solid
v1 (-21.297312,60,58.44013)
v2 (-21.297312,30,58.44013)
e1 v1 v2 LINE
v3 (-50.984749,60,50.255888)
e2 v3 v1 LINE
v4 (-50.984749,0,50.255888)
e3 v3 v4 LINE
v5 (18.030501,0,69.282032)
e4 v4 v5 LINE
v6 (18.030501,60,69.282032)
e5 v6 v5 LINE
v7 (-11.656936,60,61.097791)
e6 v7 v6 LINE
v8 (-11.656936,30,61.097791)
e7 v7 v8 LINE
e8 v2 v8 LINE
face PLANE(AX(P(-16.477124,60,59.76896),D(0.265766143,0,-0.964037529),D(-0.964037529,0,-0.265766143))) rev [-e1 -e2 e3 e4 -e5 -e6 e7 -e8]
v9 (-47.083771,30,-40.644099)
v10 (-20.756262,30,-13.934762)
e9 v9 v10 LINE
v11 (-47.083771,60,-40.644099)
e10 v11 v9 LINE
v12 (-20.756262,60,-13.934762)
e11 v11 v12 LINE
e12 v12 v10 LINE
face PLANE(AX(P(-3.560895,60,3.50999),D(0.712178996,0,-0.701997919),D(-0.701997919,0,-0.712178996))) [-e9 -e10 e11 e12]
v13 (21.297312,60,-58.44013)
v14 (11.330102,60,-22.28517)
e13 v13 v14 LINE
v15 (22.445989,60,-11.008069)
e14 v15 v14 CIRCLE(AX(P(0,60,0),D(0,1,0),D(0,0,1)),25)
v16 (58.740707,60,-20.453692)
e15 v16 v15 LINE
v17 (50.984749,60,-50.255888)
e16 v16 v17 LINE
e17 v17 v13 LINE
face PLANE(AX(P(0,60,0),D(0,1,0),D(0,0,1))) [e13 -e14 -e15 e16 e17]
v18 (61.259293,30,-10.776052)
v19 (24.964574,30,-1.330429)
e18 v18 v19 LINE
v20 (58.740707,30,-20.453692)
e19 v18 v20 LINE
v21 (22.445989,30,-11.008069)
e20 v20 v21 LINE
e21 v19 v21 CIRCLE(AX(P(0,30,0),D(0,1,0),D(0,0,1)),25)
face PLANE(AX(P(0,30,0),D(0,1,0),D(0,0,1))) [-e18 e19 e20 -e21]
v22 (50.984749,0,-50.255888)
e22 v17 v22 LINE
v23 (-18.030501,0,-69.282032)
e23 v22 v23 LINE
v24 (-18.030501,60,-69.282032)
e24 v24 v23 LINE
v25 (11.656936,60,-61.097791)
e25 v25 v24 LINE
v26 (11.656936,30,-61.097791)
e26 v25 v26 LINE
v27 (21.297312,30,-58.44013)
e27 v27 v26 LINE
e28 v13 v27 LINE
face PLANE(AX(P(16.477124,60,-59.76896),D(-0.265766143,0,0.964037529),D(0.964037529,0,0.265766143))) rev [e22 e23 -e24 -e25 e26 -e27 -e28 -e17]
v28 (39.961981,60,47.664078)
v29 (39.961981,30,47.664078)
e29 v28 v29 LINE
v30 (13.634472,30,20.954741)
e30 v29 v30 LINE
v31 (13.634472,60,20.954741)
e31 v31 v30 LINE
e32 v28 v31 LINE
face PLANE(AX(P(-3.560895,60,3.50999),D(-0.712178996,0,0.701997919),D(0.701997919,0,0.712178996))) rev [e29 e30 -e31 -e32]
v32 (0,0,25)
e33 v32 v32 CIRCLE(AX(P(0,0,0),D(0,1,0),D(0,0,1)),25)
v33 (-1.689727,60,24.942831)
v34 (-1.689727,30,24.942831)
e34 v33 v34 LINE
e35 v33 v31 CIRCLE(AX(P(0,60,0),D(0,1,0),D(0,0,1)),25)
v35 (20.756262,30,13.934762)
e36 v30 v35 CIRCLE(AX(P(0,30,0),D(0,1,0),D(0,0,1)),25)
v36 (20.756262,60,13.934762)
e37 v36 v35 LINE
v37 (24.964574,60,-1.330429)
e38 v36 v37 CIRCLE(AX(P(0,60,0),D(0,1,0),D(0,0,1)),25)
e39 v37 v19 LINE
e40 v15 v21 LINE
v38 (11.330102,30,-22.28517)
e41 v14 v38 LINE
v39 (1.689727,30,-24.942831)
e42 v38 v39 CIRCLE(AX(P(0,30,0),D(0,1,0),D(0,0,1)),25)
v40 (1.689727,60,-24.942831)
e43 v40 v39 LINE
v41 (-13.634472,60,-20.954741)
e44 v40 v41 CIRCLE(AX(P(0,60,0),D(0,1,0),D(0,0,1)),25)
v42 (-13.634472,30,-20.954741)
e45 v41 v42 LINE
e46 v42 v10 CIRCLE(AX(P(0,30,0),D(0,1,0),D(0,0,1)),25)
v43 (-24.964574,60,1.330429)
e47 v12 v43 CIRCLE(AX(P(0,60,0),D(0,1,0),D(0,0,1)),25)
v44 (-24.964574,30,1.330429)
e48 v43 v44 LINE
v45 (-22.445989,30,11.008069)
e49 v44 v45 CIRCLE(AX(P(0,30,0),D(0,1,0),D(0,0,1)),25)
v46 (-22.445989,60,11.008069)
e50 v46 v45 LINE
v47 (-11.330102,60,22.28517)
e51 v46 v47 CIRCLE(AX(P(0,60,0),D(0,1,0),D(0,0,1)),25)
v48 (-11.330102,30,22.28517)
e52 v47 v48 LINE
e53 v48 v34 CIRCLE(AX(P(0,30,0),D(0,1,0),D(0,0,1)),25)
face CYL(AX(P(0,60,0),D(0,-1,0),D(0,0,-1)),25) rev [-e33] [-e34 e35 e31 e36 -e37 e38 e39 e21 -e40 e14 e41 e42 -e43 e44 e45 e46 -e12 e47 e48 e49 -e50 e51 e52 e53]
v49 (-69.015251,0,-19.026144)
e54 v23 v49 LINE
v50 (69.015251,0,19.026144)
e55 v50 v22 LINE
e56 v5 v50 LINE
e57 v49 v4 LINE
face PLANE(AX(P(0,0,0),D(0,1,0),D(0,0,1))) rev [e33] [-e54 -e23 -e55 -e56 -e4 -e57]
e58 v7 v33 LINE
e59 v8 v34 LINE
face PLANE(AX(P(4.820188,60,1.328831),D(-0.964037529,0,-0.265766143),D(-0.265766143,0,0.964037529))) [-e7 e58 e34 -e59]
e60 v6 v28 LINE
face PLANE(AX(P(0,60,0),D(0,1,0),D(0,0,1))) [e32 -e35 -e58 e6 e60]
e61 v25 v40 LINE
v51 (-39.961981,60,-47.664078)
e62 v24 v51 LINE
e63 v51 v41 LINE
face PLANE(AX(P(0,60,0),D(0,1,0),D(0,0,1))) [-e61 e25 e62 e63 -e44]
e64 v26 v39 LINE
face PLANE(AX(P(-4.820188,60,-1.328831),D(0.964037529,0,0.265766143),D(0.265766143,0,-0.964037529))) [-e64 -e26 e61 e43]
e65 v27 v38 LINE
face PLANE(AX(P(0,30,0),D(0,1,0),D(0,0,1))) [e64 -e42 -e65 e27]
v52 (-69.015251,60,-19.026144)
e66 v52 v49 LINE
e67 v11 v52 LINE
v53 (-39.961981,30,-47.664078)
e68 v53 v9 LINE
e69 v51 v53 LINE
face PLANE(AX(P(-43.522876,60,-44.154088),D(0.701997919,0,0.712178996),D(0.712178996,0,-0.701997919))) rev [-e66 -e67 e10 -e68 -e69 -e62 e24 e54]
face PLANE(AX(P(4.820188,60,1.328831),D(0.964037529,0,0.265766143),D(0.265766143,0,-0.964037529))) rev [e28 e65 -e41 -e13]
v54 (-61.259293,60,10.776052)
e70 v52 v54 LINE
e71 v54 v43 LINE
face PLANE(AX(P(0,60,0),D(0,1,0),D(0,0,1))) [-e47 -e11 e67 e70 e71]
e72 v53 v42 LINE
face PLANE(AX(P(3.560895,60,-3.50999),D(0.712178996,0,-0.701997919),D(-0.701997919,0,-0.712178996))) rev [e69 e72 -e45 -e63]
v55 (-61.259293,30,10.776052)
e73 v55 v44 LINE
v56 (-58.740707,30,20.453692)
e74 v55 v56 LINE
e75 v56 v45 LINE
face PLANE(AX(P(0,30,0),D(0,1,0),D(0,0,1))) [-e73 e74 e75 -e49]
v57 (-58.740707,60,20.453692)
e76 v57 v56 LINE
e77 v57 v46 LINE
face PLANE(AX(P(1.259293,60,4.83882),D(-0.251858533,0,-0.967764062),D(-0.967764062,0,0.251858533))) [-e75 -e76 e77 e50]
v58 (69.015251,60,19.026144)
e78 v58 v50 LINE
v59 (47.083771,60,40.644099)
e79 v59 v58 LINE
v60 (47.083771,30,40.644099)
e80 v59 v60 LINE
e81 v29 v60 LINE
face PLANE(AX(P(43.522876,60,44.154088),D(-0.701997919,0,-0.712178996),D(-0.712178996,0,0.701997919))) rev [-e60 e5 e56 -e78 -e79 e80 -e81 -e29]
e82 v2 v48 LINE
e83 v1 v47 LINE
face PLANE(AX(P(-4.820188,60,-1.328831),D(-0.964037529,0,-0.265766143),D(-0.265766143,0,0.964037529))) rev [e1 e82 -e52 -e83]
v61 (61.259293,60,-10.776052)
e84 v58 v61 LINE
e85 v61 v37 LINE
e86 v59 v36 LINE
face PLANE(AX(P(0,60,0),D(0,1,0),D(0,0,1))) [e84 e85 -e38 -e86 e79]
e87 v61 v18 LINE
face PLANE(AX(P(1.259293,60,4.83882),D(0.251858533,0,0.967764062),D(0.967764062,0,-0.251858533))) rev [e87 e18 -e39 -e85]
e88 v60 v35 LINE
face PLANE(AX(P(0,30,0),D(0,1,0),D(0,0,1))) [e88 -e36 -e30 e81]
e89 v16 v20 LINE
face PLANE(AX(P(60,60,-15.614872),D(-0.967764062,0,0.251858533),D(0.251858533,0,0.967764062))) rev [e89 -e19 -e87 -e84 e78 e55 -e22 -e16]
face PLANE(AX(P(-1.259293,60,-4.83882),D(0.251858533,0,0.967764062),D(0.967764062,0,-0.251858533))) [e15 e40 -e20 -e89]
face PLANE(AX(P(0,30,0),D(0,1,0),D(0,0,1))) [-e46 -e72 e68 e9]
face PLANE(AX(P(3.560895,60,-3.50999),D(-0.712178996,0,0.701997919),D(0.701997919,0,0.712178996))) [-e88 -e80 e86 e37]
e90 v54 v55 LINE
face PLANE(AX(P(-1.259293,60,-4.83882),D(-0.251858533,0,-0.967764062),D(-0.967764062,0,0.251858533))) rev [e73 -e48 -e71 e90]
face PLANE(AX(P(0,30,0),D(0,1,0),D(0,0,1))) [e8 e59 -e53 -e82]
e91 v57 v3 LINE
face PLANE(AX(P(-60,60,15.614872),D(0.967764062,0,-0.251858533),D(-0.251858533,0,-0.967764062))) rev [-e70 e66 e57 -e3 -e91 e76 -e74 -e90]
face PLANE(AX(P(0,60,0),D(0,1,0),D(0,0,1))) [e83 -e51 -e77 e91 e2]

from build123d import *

# Parameters (mm, degrees)
BOSS_EXTRUDE1_DEPTH   = 60
BOSS_EXTRUDE1_2_DEPTH = 60
BOSS_EXTRUDE1_3_DEPTH = 60
BOSS_EXTRUDE1_4_DEPTH = 60
BOSS_EXTRUDE1_5_DEPTH = 60
BOSS_EXTRUDE1_6_DEPTH = 60
BOSS_EXTRUDE2_DEPTH   = 30


with BuildPart() as part:
    # Sketch2 → Boss-Extrude1 (new body)
    with BuildSketch(Plane(origin=(0, 0, 0), x_dir=(1, 0, 0), z_dir=(0, 1, 0))):
        with BuildLine():
            Line((22.445988761, 11.008069246), (58.740707334, 20.453692353))
            Line((58.740707334, 20.453692353), (50.984749422, 50.255888195))
            Line((50.984749422, 50.255888195), (21.297311778, 58.440129534))
            Line((21.297311778, 58.440129534), (11.330102056, 22.285169674))
            ThreePointArc((11.330102056, 22.285169674), (17.804474894, 17.54994797), (22.445988761, 11.008069246))
        make_face()
    extrude(amount=BOSS_EXTRUDE1_DEPTH)



with BuildPart() as body_2:
    # Sketch2 → Boss-Extrude1 2 (new body)
    with BuildSketch(Plane(origin=(0, 0, 0), x_dir=(1, 0, 0), z_dir=(0, 1, 0))):
        with BuildLine():
            Line((69.015250578, -19.026144108), (61.259292666, 10.776051735))
            Line((61.259292666, 10.776051735), (24.964574093, 1.330428629))
            ThreePointArc((24.964574093, 1.330428629), (24.100938224, -6.644153574), (20.756261995, -13.934761857))
            Line((20.756261995, -13.934761857), (47.083770846, -40.644098611))
            Line((47.083770846, -40.644098611), (69.015250578, -19.026144108))
        make_face()
    extrude(amount=BOSS_EXTRUDE1_2_DEPTH)


with BuildPart() as body_3:
    # Sketch2 → Boss-Extrude1 3 (new body)
    with BuildSketch(Plane(origin=(0, 0, 0), x_dir=(1, 0, 0), z_dir=(0, 1, 0))):
        with BuildLine():
            ThreePointArc((-13.634472037, 20.954741045), (-6.29646333, 24.194101544), (1.689726767, 24.942831103))
            Line((1.689726767, 24.942831103), (11.656936488, 61.097790964))
            Line((11.656936488, 61.097790964), (-18.030501156, 69.282032303))
            Line((-18.030501156, 69.282032303), (-39.961980888, 47.664077799))
            Line((-39.961980888, 47.664077799), (-13.634472037, 20.954741045))
        make_face()
    extrude(amount=BOSS_EXTRUDE1_3_DEPTH)


with BuildPart() as body_4:
    # Sketch2 → Boss-Extrude1 4 (new body)
    with BuildSketch(Plane(origin=(0, 0, 0), x_dir=(1, 0, 0), z_dir=(0, 1, 0))):
        with BuildLine():
            Line((18.030501156, -69.282032303), (39.961980888, -47.664077799))
            Line((39.961980888, -47.664077799), (13.634472037, -20.954741045))
            ThreePointArc((13.634472037, -20.954741045), (6.29646333, -24.194101544), (-1.689726767, -24.942831103))
            Line((-1.689726767, -24.942831103), (-11.656936488, -61.097790964))
            Line((-11.656936488, -61.097790964), (18.030501156, -69.282032303))
        make_face()
    extrude(amount=BOSS_EXTRUDE1_4_DEPTH)


with BuildPart() as body_5:
    # Sketch2 → Boss-Extrude1 5 (new body)
    with BuildSketch(Plane(origin=(0, 0, 0), x_dir=(1, 0, 0), z_dir=(0, 1, 0))):
        with BuildLine():
            ThreePointArc((-24.964574093, -1.330428629), (-24.100938224, 6.644153574), (-20.756261995, 13.934761857))
            Line((-20.756261995, 13.934761857), (-47.083770846, 40.644098611))
            Line((-47.083770846, 40.644098611), (-69.015250578, 19.026144108))
            Line((-69.015250578, 19.026144108), (-61.259292666, -10.776051735))
            Line((-61.259292666, -10.776051735), (-24.964574093, -1.330428629))
        make_face()
    extrude(amount=BOSS_EXTRUDE1_5_DEPTH)


with BuildPart() as body_6:
    # Sketch2 → Boss-Extrude1 6 (new body)
    with BuildSketch(Plane(origin=(0, 0, 0), x_dir=(1, 0, 0), z_dir=(0, 1, 0))):
        with BuildLine():
            Line((-21.297311778, -58.440129534), (-11.330102056, -22.285169674))
            ThreePointArc((-11.330102056, -22.285169674), (-17.804474894, -17.54994797), (-22.445988761, -11.008069246))
            Line((-22.445988761, -11.008069246), (-58.740707334, -20.453692353))
            Line((-58.740707334, -20.453692353), (-50.984749422, -50.255888195))
            Line((-50.984749422, -50.255888195), (-21.297311778, -58.440129534))
        make_face()
    extrude(amount=BOSS_EXTRUDE1_6_DEPTH)


with BuildPart() as part_1:
    add(part.part)

    add(body_2.part)  # Boss-Extrude2 merges body 2

    add(body_3.part)  # Boss-Extrude2 merges body 3

    add(body_4.part)  # Boss-Extrude2 merges body 4

    add(body_5.part)  # Boss-Extrude2 merges body 5

    add(body_6.part)  # Boss-Extrude2 merges body 6
    # Sketch2<3> → Boss-Extrude2 (add)
    with BuildSketch(Plane(origin=(0, 0, 0), x_dir=(1, 0, 0), z_dir=(0, 1, 0))):
        with BuildLine():
            Line((61.259292666, 10.776051735), (58.740707334, 20.453692353))
            Line((58.740707334, 20.453692353), (22.445988761, 11.008069246))
            ThreePointArc((22.445988761, 11.008069246), (24.194101544, 6.29646333), (24.964574093, 1.330428629))
            Line((24.964574093, 1.330428629), (61.259292666, 10.776051735))
        make_face()
        with BuildLine():
            ThreePointArc((1.689726767, 24.942831103), (6.644153574, 24.100938224), (11.330102056, 22.285169674))
            Line((11.330102056, 22.285169674), (21.297311778, 58.440129534))
            Line((21.297311778, 58.440129534), (11.656936488, 61.097790964))
            Line((11.656936488, 61.097790964), (1.689726767, 24.942831103))
        make_face()
        with BuildLine():
            Line((39.961980888, -47.664077799), (47.083770846, -40.644098611))
            Line((47.083770846, -40.644098611), (20.756261995, -13.934761857))
            ThreePointArc((20.756261995, -13.934761857), (17.54994797, -17.804474894), (13.634472037, -20.954741045))
            Line((13.634472037, -20.954741045), (39.961980888, -47.664077799))
        make_face()
        with BuildLine():
            ThreePointArc((-20.756261995, 13.934761857), (-17.54994797, 17.804474894), (-13.634472037, 20.954741045))
            Line((-13.634472037, 20.954741045), (-39.961980888, 47.664077799))
            Line((-39.961980888, 47.664077799), (-47.083770846, 40.644098611))
            Line((-47.083770846, 40.644098611), (-20.756261995, 13.934761857))
        make_face()
        with BuildLine():
            Line((-11.656936488, -61.097790964), (-1.689726767, -24.942831103))
            ThreePointArc((-1.689726767, -24.942831103), (-6.644153574, -24.100938224), (-11.330102056, -22.285169674))
            Line((-11.330102056, -22.285169674), (-21.297311778, -58.440129534))
            Line((-21.297311778, -58.440129534), (-11.656936488, -61.097790964))
        make_face()
        with BuildLine():
            ThreePointArc((-22.445988761, -11.008069246), (-24.194101544, -6.29646333), (-24.964574093, -1.330428629))
            Line((-24.964574093, -1.330428629), (-61.259292666, -10.776051735))
            Line((-61.259292666, -10.776051735), (-58.740707334, -20.453692353))
            Line((-58.740707334, -20.453692353), (-22.445988761, -11.008069246))
        make_face()
    extrude(amount=BOSS_EXTRUDE2_DEPTH)


solid = part_1.part
